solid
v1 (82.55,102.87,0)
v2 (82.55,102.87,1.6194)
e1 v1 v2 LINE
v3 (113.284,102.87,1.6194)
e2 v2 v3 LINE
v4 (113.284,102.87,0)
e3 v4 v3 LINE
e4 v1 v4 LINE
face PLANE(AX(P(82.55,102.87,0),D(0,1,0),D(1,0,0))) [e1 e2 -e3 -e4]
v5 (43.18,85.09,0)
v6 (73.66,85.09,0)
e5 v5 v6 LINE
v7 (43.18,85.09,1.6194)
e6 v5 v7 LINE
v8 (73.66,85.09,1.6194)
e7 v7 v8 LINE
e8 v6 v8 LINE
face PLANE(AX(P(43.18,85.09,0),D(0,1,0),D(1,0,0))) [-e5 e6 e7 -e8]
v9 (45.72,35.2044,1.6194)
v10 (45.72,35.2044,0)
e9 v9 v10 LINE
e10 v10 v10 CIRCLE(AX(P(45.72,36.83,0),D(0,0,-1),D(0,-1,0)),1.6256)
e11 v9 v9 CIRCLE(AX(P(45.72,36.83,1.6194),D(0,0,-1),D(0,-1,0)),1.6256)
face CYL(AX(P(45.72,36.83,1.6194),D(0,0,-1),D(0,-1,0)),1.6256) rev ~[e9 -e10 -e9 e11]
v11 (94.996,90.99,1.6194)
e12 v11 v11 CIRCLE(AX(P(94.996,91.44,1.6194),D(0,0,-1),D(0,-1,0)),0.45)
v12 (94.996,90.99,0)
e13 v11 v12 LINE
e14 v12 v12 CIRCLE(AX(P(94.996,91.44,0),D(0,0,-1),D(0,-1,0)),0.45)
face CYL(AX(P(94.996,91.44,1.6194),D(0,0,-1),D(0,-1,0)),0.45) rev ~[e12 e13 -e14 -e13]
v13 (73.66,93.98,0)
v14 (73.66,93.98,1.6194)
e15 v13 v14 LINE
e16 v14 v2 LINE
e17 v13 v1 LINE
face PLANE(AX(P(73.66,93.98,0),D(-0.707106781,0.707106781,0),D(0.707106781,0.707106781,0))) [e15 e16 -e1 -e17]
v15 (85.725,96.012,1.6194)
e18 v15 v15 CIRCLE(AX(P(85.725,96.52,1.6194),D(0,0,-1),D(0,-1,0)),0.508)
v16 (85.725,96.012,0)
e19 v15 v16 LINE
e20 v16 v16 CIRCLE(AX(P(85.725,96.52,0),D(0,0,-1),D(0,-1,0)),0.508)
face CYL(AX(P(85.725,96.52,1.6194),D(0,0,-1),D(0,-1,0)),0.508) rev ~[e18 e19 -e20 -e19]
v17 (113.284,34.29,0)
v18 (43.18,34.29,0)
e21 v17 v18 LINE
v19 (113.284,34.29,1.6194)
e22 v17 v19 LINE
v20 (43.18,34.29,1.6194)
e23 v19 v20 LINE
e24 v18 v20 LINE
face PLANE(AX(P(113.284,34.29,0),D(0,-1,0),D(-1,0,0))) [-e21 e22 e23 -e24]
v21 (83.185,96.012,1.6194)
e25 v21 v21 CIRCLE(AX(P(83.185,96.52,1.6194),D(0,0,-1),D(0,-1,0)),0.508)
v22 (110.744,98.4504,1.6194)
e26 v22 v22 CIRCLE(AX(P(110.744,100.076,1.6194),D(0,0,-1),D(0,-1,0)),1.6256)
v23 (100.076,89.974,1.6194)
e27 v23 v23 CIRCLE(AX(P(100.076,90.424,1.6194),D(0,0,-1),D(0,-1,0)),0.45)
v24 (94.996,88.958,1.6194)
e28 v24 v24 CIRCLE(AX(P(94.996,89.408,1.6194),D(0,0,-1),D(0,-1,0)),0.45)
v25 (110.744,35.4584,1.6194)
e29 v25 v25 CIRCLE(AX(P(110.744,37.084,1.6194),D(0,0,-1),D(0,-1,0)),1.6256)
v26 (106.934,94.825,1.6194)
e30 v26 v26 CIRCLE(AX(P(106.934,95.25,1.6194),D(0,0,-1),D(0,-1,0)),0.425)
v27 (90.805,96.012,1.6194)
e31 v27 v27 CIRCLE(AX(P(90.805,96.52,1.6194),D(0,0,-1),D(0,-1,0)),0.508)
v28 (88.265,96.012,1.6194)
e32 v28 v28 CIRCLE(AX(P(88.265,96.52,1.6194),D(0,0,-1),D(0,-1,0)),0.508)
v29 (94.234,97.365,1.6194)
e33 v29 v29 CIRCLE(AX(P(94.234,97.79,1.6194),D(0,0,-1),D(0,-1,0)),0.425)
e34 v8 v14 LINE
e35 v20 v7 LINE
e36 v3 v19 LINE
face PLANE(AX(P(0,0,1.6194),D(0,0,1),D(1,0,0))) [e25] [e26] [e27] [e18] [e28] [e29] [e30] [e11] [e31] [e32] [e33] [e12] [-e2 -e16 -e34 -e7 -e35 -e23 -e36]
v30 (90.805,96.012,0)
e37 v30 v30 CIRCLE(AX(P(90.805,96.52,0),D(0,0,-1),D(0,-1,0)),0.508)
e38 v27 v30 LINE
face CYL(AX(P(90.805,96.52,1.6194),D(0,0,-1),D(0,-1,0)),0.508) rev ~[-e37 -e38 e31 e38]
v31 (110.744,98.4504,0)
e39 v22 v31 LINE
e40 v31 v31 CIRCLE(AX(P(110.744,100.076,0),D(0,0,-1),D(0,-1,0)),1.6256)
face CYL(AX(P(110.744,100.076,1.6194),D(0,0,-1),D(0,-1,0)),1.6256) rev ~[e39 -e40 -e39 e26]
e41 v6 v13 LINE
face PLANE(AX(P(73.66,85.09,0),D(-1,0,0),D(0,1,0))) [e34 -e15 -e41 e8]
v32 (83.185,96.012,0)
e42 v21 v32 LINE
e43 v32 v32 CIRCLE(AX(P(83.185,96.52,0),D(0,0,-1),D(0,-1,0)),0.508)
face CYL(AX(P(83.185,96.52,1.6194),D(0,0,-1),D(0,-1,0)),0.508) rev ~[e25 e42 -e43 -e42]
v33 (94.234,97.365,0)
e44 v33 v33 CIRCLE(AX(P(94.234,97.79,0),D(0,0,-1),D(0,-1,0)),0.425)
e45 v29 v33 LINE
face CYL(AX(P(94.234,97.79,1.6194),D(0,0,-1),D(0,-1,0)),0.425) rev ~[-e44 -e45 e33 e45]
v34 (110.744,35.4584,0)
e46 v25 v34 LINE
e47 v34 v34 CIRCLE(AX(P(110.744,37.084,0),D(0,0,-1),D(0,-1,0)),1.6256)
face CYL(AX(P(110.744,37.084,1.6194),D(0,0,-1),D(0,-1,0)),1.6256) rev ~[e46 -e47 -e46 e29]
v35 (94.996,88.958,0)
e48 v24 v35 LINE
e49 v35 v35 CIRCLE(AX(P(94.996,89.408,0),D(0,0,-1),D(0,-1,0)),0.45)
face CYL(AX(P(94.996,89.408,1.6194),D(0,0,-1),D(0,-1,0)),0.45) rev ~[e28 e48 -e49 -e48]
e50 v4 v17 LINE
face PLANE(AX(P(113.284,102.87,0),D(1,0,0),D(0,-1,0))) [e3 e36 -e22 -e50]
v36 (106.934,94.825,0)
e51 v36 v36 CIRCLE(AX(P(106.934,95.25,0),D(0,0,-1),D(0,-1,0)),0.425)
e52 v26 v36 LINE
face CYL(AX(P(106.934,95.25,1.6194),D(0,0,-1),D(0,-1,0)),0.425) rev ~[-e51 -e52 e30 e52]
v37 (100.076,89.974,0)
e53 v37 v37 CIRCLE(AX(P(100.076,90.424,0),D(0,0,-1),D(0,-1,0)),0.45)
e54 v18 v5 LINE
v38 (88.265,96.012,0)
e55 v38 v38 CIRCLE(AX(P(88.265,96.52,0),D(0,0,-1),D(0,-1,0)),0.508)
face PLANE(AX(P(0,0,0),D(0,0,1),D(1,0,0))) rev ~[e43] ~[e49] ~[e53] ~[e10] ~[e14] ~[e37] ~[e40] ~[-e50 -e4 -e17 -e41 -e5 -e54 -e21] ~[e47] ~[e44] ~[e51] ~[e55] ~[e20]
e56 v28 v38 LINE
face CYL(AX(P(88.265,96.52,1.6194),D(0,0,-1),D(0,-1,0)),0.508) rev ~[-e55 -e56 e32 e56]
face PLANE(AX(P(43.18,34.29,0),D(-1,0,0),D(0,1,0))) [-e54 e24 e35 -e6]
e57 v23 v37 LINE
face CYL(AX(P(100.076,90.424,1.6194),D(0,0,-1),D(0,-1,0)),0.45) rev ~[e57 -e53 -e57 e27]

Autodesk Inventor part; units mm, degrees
ref_plane "YZ Plane" through (0, 0, 0) normal (1, 0, 0) x (0, 1, 0)
ref_plane "XZ Plane" through (0, 0, 0) normal (0, 1, 0) x (-1, 0, 0)
ref_plane "BoardFrontPlane" through (0, 0, 0) normal (0, 0, 1) x (1, 0, 0)
sketch "Sketch1" plane through (0, 0, 0) normal (0, 0, 1) x (1, 0, 0)
  line L0 (43.18, 34.29) -> (43.18, 85.09)
  line L1 (43.18, 85.09) -> (73.66, 85.09)
  line L2 (73.66, 85.09) -> (73.66, 93.98)
  line L3 (73.66, 93.98) -> (82.55, 102.87)
  line L4 (82.55, 102.87) -> (113.284, 102.87)
  line L5 (113.284, 102.87) -> (113.284, 34.29)
  line L6 (113.284, 34.29) -> (43.18, 34.29)
extrude "BoardOutline" add sketch "Sketch1" along normal blind 1.6194
sketch "img_Top" plane through (0, 0, 1.6194) normal (0, 0, 1) x (1, 0, 0)
  line L0 (43.18, 102.87) -> (113.284, 102.87) construction
  line L1 (113.284, 102.87) -> (113.284, 34.29) construction
  line L2 (113.284, 34.29) -> (43.18, 34.29) construction
  line L3 (43.18, 34.29) -> (43.18, 102.87) construction
decal "Decal_Top"
sketch "img_Bottom" plane through (0, 0, -1.6194) normal (0, 0, -1) x (1, 0, 0)
  line L0 (43.18, -34.29) -> (113.284, -34.29) construction
  line L1 (113.284, -34.29) -> (113.284, -102.87) construction
  line L2 (113.284, -102.87) -> (43.18, -102.87) construction
  line L3 (43.18, -102.87) -> (43.18, -34.29) construction
decal "Decal_Bottom"
sketch "Sketch4" plane through (0, 0, 1.6194) normal (0, 0, 1) x (1, 0, 0)
  point P0 (94.234, 97.79)
hole "SW301-H1" at (94.234, 97.79, 1.6194) direction (0, 0, -1) diameter 0.85 end through all
sketch "Sketch5" plane through (0, 0, 1.6194) normal (0, 0, 1) x (1, 0, 0)
  point P0 (106.934, 95.25)
hole "SW300-H1" at (106.934, 95.25, 1.6194) direction (0, 0, -1) diameter 0.85 end through all
sketch "Sketch6" plane through (0, 0, 1.6194) normal (0, 0, 1) x (1, 0, 0)
  point P0 (45.72, 36.83)
hole "Free-MNT+4" at (45.72, 36.83, 1.6194) direction (0, 0, -1) diameter 3.2512 end through all
sketch "Sketch7" plane through (0, 0, 1.6194) normal (0, 0, 1) x (1, 0, 0)
  point P0 (110.744, 37.084)
hole "Free-MNT+3" at (110.744, 37.084, 1.6194) direction (0, 0, -1) diameter 3.2512 end through all
sketch "Sketch8" plane through (0, 0, 1.6194) normal (0, 0, 1) x (1, 0, 0)
  point P0 (110.744, 100.076)
hole "Free-MNT+2" at (110.744, 100.076, 1.6194) direction (0, 0, -1) diameter 3.2512 end through all
sketch "Sketch9" plane through (0, 0, 1.6194) normal (0, 0, 1) x (1, 0, 0)
  point P0 (90.805, 96.52)
hole "JP300-1" at (90.805, 96.52, 1.6194) direction (0, 0, -1) diameter 1.016 end through all
sketch "Sketch10" plane through (0, 0, 1.6194) normal (0, 0, 1) x (1, 0, 0)
  point P0 (88.265, 96.52)
hole "JP300-2" at (88.265, 96.52, 1.6194) direction (0, 0, -1) diameter 1.016 end through all
sketch "Sketch11" plane through (0, 0, 1.6194) normal (0, 0, 1) x (1, 0, 0)
  point P0 (85.725, 96.52)
hole "JP300-3" at (85.725, 96.52, 1.6194) direction (0, 0, -1) diameter 1.016 end through all
sketch "Sketch12" plane through (0, 0, 1.6194) normal (0, 0, 1) x (1, 0, 0)
  point P0 (83.185, 96.52)
hole "JP300-4" at (83.185, 96.52, 1.6194) direction (0, 0, -1) diameter 1.016 end through all
sketch "Sketch13" plane through (0, 0, 1.6194) normal (0, 0, 1) x (1, 0, 0)
  point P0 (94.996, 91.44)
hole "J300-_OMJMIDLA" at (94.996, 91.44, 1.6194) direction (0, 0, -1) diameter 0.9 end through all
sketch "Sketch14" plane through (0, 0, 1.6194) normal (0, 0, 1) x (1, 0, 0)
  point P0 (94.996, 89.408)
hole "J300-_YAKUTFXJ" at (94.996, 89.408, 1.6194) direction (0, 0, -1) diameter 0.9 end through all
sketch "Sketch15" plane through (0, 0, 1.6194) normal (0, 0, 1) x (1, 0, 0)
  point P0 (100.076, 90.424)
hole "J300-_MBXSYRVB" at (100.076, 90.424, 1.6194) direction (0, 0, -1) diameter 0.9 end through all
properties part number "skimmer_swabbie_v1_BOARD"
